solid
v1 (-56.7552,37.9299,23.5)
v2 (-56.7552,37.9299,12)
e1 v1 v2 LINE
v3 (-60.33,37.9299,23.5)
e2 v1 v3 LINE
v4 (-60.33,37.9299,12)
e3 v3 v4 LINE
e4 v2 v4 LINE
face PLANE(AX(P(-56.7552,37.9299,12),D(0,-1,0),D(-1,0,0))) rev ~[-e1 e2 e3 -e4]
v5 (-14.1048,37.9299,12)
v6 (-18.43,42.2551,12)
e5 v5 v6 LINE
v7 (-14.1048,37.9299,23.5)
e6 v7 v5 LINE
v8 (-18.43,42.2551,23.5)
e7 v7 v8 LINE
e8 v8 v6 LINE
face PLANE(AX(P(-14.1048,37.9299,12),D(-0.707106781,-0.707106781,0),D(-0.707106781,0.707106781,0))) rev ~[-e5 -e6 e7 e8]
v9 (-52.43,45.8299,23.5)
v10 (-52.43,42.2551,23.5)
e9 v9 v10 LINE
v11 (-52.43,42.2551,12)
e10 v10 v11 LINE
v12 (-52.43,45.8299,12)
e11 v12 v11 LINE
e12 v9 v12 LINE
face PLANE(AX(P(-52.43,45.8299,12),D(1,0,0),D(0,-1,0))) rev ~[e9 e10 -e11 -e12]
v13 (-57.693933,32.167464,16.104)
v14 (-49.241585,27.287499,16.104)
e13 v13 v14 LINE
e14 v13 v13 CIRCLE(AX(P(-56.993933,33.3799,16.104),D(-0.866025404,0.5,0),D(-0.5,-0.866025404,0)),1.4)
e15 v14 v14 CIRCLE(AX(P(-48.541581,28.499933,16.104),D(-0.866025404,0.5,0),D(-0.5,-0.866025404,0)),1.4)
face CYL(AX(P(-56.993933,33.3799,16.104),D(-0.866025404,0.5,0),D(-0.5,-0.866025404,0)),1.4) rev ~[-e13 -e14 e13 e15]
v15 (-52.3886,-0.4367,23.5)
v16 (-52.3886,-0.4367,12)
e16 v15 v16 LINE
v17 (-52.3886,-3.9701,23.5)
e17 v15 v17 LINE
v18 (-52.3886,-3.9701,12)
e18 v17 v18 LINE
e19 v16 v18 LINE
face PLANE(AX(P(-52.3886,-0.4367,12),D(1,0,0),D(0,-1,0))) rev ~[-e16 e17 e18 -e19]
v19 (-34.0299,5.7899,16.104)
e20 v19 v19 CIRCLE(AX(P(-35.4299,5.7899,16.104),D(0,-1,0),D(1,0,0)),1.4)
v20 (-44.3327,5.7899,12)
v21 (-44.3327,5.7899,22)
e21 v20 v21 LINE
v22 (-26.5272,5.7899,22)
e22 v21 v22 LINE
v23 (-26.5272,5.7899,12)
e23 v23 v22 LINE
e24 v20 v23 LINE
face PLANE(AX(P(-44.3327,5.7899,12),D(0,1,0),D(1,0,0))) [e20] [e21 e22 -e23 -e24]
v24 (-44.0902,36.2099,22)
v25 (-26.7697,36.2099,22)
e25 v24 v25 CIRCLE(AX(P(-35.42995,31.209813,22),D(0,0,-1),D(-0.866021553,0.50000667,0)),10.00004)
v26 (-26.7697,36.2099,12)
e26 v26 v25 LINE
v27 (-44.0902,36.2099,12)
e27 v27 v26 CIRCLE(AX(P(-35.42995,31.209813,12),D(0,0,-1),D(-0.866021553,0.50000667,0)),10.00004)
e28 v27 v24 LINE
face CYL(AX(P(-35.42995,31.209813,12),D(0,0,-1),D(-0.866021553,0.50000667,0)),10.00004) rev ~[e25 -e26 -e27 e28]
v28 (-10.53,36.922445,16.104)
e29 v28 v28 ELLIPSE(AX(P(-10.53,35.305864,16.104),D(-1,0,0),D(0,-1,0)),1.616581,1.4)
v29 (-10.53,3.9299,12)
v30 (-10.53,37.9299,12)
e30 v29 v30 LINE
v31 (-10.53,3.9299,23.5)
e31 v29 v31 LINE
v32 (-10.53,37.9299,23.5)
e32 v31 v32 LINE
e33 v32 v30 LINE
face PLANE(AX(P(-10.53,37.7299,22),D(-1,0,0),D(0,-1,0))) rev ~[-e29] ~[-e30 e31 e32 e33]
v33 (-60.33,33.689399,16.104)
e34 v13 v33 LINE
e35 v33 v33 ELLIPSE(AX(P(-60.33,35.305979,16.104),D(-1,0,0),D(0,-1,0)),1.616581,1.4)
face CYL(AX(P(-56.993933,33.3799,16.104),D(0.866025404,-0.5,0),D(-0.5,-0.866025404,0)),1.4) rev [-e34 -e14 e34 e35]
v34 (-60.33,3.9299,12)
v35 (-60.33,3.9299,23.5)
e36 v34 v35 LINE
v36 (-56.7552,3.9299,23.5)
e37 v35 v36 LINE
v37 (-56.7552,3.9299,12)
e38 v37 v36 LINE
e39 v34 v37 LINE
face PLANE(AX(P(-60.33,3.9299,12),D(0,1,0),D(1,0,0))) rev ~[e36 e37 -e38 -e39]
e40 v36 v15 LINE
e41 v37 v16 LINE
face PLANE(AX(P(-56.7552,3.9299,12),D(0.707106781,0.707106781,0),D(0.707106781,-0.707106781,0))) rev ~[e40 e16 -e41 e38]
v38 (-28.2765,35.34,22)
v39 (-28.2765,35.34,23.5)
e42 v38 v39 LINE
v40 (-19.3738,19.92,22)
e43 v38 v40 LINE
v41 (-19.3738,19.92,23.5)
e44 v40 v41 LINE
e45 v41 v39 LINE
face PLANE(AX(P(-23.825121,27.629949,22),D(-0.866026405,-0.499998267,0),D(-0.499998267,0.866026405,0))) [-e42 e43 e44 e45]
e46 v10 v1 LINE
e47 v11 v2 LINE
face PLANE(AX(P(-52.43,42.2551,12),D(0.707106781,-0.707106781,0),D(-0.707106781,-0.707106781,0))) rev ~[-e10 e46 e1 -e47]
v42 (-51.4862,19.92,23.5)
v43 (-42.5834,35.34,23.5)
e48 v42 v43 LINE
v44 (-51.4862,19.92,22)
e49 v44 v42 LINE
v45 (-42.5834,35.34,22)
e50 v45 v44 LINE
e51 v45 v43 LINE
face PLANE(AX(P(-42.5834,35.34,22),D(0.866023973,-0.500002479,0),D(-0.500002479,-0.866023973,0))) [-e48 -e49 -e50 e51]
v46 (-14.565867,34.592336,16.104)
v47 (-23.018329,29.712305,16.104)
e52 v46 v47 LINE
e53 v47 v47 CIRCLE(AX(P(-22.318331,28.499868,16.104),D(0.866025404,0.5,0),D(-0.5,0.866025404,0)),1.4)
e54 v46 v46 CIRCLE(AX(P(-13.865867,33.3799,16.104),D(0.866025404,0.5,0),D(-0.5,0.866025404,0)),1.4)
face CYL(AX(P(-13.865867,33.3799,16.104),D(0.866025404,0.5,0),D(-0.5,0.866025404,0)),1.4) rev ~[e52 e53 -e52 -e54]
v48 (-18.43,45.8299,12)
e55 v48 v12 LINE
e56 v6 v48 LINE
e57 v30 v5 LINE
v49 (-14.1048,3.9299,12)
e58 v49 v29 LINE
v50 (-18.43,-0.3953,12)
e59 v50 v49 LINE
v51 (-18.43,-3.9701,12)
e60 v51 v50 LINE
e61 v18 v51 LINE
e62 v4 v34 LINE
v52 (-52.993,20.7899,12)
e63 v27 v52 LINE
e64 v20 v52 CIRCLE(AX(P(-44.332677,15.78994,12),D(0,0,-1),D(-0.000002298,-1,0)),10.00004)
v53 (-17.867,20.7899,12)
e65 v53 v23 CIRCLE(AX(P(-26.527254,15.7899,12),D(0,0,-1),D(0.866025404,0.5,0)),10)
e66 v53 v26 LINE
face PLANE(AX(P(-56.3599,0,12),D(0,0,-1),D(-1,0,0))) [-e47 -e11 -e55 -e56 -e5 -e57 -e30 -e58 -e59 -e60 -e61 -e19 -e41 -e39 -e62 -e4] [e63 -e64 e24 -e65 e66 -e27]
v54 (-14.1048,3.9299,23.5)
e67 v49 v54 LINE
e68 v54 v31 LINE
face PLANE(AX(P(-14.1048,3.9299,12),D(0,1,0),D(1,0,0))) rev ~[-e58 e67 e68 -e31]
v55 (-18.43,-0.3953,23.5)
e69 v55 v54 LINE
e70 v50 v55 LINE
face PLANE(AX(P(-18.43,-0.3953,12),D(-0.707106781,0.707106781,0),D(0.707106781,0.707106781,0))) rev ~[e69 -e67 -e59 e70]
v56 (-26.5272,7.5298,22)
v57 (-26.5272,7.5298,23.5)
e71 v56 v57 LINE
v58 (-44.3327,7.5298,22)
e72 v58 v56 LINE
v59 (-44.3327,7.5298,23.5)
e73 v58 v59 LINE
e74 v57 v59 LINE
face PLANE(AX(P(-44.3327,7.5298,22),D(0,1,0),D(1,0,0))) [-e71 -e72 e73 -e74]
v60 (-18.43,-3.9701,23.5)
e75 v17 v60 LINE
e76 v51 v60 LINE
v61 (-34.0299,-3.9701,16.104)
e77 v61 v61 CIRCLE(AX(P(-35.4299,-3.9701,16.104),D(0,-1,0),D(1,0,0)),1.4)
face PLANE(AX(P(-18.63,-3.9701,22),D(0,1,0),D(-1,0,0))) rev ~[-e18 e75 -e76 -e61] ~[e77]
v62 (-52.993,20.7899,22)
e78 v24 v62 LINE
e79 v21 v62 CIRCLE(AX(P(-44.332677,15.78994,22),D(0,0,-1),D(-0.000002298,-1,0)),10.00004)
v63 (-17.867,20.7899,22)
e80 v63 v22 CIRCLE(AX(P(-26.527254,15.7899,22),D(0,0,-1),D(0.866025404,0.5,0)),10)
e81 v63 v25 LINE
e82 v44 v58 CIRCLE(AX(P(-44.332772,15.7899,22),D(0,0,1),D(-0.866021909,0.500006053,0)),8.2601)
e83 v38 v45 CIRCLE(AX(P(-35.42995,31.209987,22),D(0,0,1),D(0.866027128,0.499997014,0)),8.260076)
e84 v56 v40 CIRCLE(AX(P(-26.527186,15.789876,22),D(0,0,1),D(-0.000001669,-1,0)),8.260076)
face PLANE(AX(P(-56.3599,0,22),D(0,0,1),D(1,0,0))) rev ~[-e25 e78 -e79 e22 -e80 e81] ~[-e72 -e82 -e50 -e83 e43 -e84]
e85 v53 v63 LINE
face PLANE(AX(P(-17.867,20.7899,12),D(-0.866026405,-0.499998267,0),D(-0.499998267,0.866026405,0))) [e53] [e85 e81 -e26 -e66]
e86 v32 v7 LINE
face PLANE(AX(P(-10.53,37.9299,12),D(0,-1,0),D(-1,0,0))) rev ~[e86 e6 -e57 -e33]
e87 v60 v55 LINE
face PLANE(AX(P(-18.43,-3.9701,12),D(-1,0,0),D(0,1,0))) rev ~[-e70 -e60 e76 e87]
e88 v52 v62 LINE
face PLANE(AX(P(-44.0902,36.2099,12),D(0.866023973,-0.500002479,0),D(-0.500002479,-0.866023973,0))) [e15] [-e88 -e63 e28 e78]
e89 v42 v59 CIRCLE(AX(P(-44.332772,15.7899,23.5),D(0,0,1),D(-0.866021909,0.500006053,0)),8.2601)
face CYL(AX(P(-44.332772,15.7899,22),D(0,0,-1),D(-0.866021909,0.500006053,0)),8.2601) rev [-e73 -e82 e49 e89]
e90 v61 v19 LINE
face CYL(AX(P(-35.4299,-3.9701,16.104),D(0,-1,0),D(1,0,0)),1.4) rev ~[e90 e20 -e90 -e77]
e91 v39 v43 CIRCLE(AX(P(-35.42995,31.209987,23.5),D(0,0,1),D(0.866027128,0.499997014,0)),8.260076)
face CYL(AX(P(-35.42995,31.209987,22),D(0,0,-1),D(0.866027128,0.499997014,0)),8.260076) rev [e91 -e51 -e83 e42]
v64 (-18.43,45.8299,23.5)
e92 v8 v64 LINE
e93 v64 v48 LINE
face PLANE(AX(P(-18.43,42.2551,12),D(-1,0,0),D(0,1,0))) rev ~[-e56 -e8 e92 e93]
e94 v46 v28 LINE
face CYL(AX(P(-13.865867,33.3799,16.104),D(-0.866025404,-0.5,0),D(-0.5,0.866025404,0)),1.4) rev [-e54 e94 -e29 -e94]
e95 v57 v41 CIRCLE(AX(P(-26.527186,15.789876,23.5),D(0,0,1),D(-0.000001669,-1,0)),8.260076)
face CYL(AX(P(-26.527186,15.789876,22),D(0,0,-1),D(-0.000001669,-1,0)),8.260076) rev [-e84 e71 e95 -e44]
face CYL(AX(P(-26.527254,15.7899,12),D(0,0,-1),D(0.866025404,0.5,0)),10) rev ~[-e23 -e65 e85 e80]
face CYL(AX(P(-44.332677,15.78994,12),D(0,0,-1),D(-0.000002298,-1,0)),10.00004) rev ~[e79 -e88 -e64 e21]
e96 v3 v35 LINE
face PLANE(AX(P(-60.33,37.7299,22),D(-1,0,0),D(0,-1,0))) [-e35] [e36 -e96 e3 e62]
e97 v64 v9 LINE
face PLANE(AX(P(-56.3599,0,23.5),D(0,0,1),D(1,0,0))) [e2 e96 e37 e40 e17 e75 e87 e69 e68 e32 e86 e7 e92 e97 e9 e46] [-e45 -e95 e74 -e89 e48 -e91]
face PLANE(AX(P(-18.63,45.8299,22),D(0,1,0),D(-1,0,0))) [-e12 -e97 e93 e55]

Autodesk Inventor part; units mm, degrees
ref_plane "YZ Plane" through (0, 0, 0) normal (1, 0, 0) x (0, 1, 0)
ref_plane "XZ Plane" through (0, 0, 0) normal (0, 1, 0) x (-1, 0, 0)
ref_plane "Work Plane1" through (-56.3599, 0, 22) normal (0, 0, -1) x (-1, 0, 0)
sketch "Sketch1" plane through (-56.3599, 0, 22) normal (0, 0, -1) x (-1, 0, 0)
  line L0 (-4.0299, -0.3538) -> (-2.2322, 1.4439) construction
  arc A0 (-1.4439, 2.2322) -> (-2.2322, 1.4439) centre (-0.9299, 0.9299) ccw construction
  line L1 (-1.4439, 2.2322) -> (0.3538, 4.0299) construction
  line L2 (-37.8299, 42.8299) -> (-37.8299, 37.8299) construction
  line L3 (-37.8299, 37.8299) -> (-42.9208, 37.8299) construction
  line L4 (-37.8299, 42.2137) -> (-37.8299, 45.8299) construction
  line L5 (-37.8299, 45.8299) -> (-4.0299, 45.8299) construction
  line L6 (-4.0299, 45.8299) -> (-4.0299, 42.2137) construction
  line L7 (-4.0299, 4.0299) -> (0.3538, 4.0299) projected
  circle A1 centre (-20.9299, 20.9299) radius 17.5 projected
  line L8 (-20.9299, 58.9723) -> (17.1124, 20.9299) construction
  line L9 (17.1124, 20.9299) -> (-20.9299, -17.1124) construction
  line L10 (-20.9299, -17.1124) -> (-58.9723, 20.9299) construction
  line L11 (-58.9723, 20.9299) -> (-20.9299, 58.9723) construction
  line L12 (-20.9299, 58.9723) -> (-20.9299, -17.1124) construction
  line L13 (17.1124, 20.9299) -> (-58.9723, 20.9299) construction
  line L14 (-20.9299, 58.9723) -> (32.8701, 58.9723) construction
  line L15 (-43.4299, 43.4299) -> (1.5701, 43.4299) construction
  line L16 (1.5701, 43.4299) -> (1.5701, -1.5701) construction
  line L17 (1.5701, -1.5701) -> (-43.4299, -1.5701) construction
  line L18 (-43.4299, -1.5701) -> (-43.4299, 43.4299) construction
  line L19 (-43.4299, 43.4299) -> (1.5701, -1.5701) construction
  line L20 (1.5701, 43.4299) -> (-43.4299, -1.5701) construction
  line L21 (-43.4299, 5.3876) -> (-43.4299, 36.4723)
  line L22 (-43.4299, 36.4723) -> (-36.4723, 43.4299)
  line L23 (-36.4723, 43.4299) -> (-5.3876, 43.4299)
  line L24 (-5.3876, 43.4299) -> (1.5701, 36.4723)
  line L25 (1.5701, 36.4723) -> (1.5701, 5.3876)
  line L26 (1.5701, 5.3876) -> (-5.3876, -1.5701)
  line L27 (-5.3876, -1.5701) -> (-36.4723, -1.5701)
  line L28 (-36.4723, -1.5701) -> (-43.4299, 5.3876)
  line L29 (-4.0299, 42.2137) -> (-37.8299, 42.2137) projected
  line L30 (-4.0299, -0.3538) -> (-4.0299, 4.0299) projected
  circle A2 centre (-20.9299, 20.9299) radius 1.5
  line L31 (-10.9299, 10.9299) -> (-30.9299, 10.9299) construction
  line L32 (-30.9299, 10.9299) -> (-30.9299, 30.9299) construction
  line L33 (-30.9299, 30.9299) -> (-10.9299, 30.9299) construction
  line L34 (-10.9299, 30.9299) -> (-10.9299, 10.9299) construction
  line L35 (-10.9299, 10.9299) -> (-30.9299, 30.9299) construction
  line L36 (-30.9299, 10.9299) -> (-10.9299, 30.9299) construction
  circle A3 centre (-30.9299, 30.9299) radius 1.4
  circle A4 centre (-30.9299, 10.9299) radius 1.4
  circle A5 centre (-10.9299, 10.9299) radius 1.4
  line L37 (-45.8299, 37.8299) -> (-42.0723, 37.8299) construction
  line L38 (-42.1723, 37.7299) -> (-45.8299, 37.7299)
  line L39 (-45.8299, 37.7299) -> (-45.8299, 4.1299)
  line L40 (-45.8299, 4.1299) -> (-42.1723, 4.1299)
  line L41 (-42.1723, 4.1299) -> (-42.1723, 37.7299)
  line L42 (-45.8299, 4.0299) -> (-42.0723, 4.0299) construction
  line L43 (-45.8299, 37.8299) -> (-42.0723, 37.8299) projected
  line L44 (-37.7299, 45.8299) -> (-4.1299, 45.8299)
  line L45 (-4.1299, 45.8299) -> (-4.1299, 42.1723)
  line L46 (-4.1299, 42.1723) -> (-37.7299, 42.1723)
  line L47 (-37.7299, 42.1723) -> (-37.7299, 45.8299)
  line L48 (0.4701, 37.8299) -> (0.4701, 4.0299) construction
  line L49 (0.4701, 4.0299) -> (3.9701, 4.0299) construction
  line L50 (3.9701, 37.8299) -> (3.9701, 4.0299) construction
  line L51 (0.4701, 37.8299) -> (3.9701, 37.8299) construction
  line L52 (-45.8299, -3.9701) -> (-4.0299, -3.9701) construction
  line L53 (0.3124, 37.7299) -> (3.9701, 37.7299)
  line L54 (3.9701, 37.7299) -> (3.9701, 4.1299)
  line L55 (3.9701, 4.1299) -> (0.3124, 4.1299)
  line L56 (0.3124, 4.1299) -> (0.3124, 37.7299)
  line L57 (-4.1713, -0.3538) -> (-37.7299, -0.3538)
  line L58 (-37.7299, -0.3538) -> (-37.7299, -3.9701)
  line L59 (-37.7299, -3.9701) -> (-4.1713, -3.9701)
  line L60 (-4.1713, -3.9701) -> (-4.1713, -0.3538)
  point P0 (-37.8299, 4.0299)
  dimension "d18" = 53.8
  dimension "d19" = 45
  dimension "d20" = 53.8
  dimension "d21" = 45
  dimension "d22" = 45
  dimension "d30" = 20
  dimension "d31" = 20
  dimension "d32" = 2.8
  dimension "d33" = 2.8
  dimension "d34" = 2.8
  dimension "d35" = 3
  dimension "d36" = 0.1
  dimension "d37" = 0.1
  dimension "d38" = 0.1
  dimension "d39" = 0.1
extrude "Extrusion1" add sketch "Sketch1" along normal blind 10 contours L30 L26 L57 L28 L41 L22 L46 L24 L56 L7 | L7 L26 L30 | L56 L24 L25 L26 | L26 L25 L24 L53 L54 L55 | L60 L59 L58 L57 L28 L27 L26 | L26 L27 L28 L57 | L46 L22 L29 L24 | L24 L29 L45 | L40 L39 L38 L22 L21 L28 | L28 L21 L22 L41 | L29 L22 L23 L24 | L24 L23 L22 L29 L47 L44 L45 | L47 L29 L22 | A1 | A2 | A3 | A4 | A5
sketch "Skizze4" plane through (-56.3599, 0, 12) normal (0, 0, -1) x (-1, 0, 0)
  line L0 (-37.7299, 42.1723) -> (-42.1723, 37.7299) projected
  line L1 (-42.1723, 37.7299) -> (-45.8299, 37.7299) projected
  line L2 (-45.8299, 37.7299) -> (-45.8299, 4.1299) construction
  line L3 (-45.8299, 4.1299) -> (-42.1723, 4.1299) projected
  line L4 (-42.1723, 4.1299) -> (-37.6885, -0.3538) projected
  line L5 (-37.6885, -0.3538) -> (-37.7299, -0.3538) projected
  line L6 (-37.7299, -0.3538) -> (-37.7299, -3.9701) projected
  line L7 (-37.7299, -3.9701) -> (-4.1713, -3.9701) construction
  line L8 (-4.1713, -3.9701) -> (-4.1713, -0.3538) projected
  line L9 (-4.1713, -0.3538) -> (0.3124, 4.1299) projected
  line L10 (0.3124, 4.1299) -> (3.9701, 4.1299) projected
  line L11 (3.9701, 4.1299) -> (3.9701, 37.7299) construction
  line L12 (3.9701, 37.7299) -> (0.3124, 37.7299) projected
  line L13 (0.3124, 37.7299) -> (-4.1299, 42.1723) projected
  line L14 (-4.1299, 42.1723) -> (-4.1299, 45.8299) projected
  line L15 (-4.1299, 45.8299) -> (-37.7299, 45.8299) construction
  line L16 (-37.7299, 45.8299) -> (-37.7299, 42.1723) projected
  line L17 (-37.9299, 46.0299) -> (-3.9299, 46.0299) construction
  line L18 (-3.9299, 46.0299) -> (-3.9299, 42.2551)
  line L19 (-3.9299, 42.2551) -> (0.3953, 37.9299)
  line L20 (0.3953, 37.9299) -> (4.1701, 37.9299)
  line L21 (4.1701, 37.9299) -> (4.1701, 3.9299) construction
  line L22 (4.1701, 3.9299) -> (0.3953, 3.9299)
  line L23 (0.3953, 3.9299) -> (-3.9713, -0.4367)
  line L24 (-3.9713, -0.4367) -> (-3.9713, -4.1701)
  line L25 (-3.9713, -4.1701) -> (-37.9299, -4.1701) construction
  line L26 (-37.9299, -4.1701) -> (-37.9299, -0.3953)
  line L27 (-37.9299, -0.3953) -> (-42.2551, 3.9299)
  line L28 (-42.2551, 3.9299) -> (-46.0299, 3.9299)
  line L29 (-46.0299, 3.9299) -> (-46.0299, 37.9299) construction
  line L30 (-46.0299, 37.9299) -> (-42.2551, 37.9299)
  line L31 (-42.2551, 37.9299) -> (-37.9299, 42.2551)
  line L32 (-37.9299, 42.2551) -> (-37.9299, 46.0299)
  line L33 (-45.8299, 37.7299) -> (-45.8299, 37.9299)
  line L34 (-4.1299, 45.8299) -> (-37.7299, 45.8299) projected
  line L35 (-37.7299, 45.8299) -> (-37.9299, 45.8299)
  line L36 (-4.1299, 45.8299) -> (-3.9299, 45.8299)
  line L37 (3.9701, 37.7299) -> (3.9701, 37.9299)
  line L38 (3.9701, 4.1299) -> (3.9701, 37.7299) projected
  line L39 (3.9701, 4.1299) -> (3.9701, 3.9299)
  line L40 (-4.1713, -3.9701) -> (-3.9713, -3.9701)
  line L41 (-37.7299, -3.9701) -> (-37.9299, -3.9701)
  line L42 (-45.8299, 4.1299) -> (-45.8299, 3.9299)
  point P0 (-56.3599, 0)
  dimension "d40" = 0.2
extrude "IM_offset" add sketch "Skizze4" against normal up to surface (10 mm away)
ref_plane "Arbeitsebene5" through (-35.4299, 3.9299, 22) normal (-1, 0, 0) x (0, 0, 1)
ref_plane "Arbeitsebene6" through (-18.4299, 20.9299, 22) normal (0, 1, 0) x (-1, 0, 0)
sketch "Sketch33" plane through (-56.3599, 0, 12) normal (0, 0, -1) x (-1, 0, 0)
  circle A0 centre (-20.9299, 20.9299) radius 15.24 construction
  circle A1 centre (-20.9299, 20.9299) radius 15.14 construction
  line L0 (-12.0272, 5.7899) -> (-29.8327, 5.7899)
  line L1 (-38.4929, 20.7899) -> (-29.5902, 36.2099)
  line L2 (-12.2697, 36.2099) -> (-3.3669, 20.7899)
  line L3 (-42.2551, 3.9299) -> (-45.8299, 3.9299) projected
  arc A2 (-12.0272, 5.7899) -> (-3.3669, 20.7899) centre (-12.0272, 15.7899) ccw
  arc A3 (-38.4929, 20.7899) -> (-29.8327, 5.7899) centre (-29.8327, 15.7899) ccw
  arc A4 (-12.2697, 36.2099) -> (-29.5902, 36.2099) centre (-20.9299, 31.2099) ccw
  point P0 (-56.3599, 0)
  point P1 (5.2933, 5.7899)
  point P2 (-47.1532, 5.7899)
  point P3 (-20.9299, 51.2099)
  dimension "d184" = 0.1
  dimension "d185" = 0
  dimension "d186" = 10
extrude "Extrusion27" cut sketch "Sketch33" against normal blind 10
sketch "Sketch34" plane through (-56.3599, 0, 22) normal (0, 0, 1) x (1, 0, 0)
  arc A0 (29.8327, 5.7899) -> (38.4929, 20.7899) centre (29.8327, 15.7899) ccw projected
  line L0 (29.8327, 5.7899) -> (12.0272, 5.7899) projected
  arc A1 (3.3669, 20.7899) -> (12.0272, 5.7899) centre (12.0272, 15.7899) ccw projected
  line L1 (3.3669, 20.7899) -> (12.2697, 36.2099) projected
  arc A2 (29.5902, 36.2099) -> (12.2697, 36.2099) centre (20.9299, 31.2099) ccw projected
  line L2 (29.5902, 36.2099) -> (38.4929, 20.7899) projected
  line L3 (3.9713, -3.9701) -> (37.9299, -3.9701) projected
  line L4 (37.9299, -3.9701) -> (37.9299, -0.3953) projected
  line L5 (37.9299, -0.3953) -> (42.2551, 3.9299) projected
  line L6 (42.2551, 3.9299) -> (45.8299, 3.9299) projected
  line L7 (45.8299, 3.9299) -> (45.8299, 37.9299) projected
  line L8 (45.8299, 37.9299) -> (42.2551, 37.9299) projected
  line L9 (42.2551, 37.9299) -> (37.9299, 42.2551) projected
  line L10 (37.9299, 42.2551) -> (37.9299, 45.8299) projected
  line L11 (37.9299, 45.8299) -> (3.9299, 45.8299) projected
  line L12 (3.9299, 45.8299) -> (3.9299, 42.2551) projected
  line L13 (3.9299, 42.2551) -> (-0.3953, 37.9299) projected
  line L14 (-0.3953, 37.9299) -> (-3.9701, 37.9299) projected
  line L15 (-3.9701, 37.9299) -> (-3.9701, 3.9299) projected
  line L16 (-3.9701, 3.9299) -> (-0.3953, 3.9299) projected
  line L17 (-0.3953, 3.9299) -> (3.9713, -0.4367) projected
  line L18 (3.9713, -0.4367) -> (3.9713, -3.9701) projected
  circle A3 centre (20.9299, 20.9299) radius 13.5001 construction
  circle A4 centre (20.9299, 20.9299) radius 13.4001
  line L19 (12.0272, 7.5298) -> (29.8327, 7.5298)
  arc A5 (29.8327, 7.5298) -> (36.9861, 19.92) centre (29.8327, 15.7899) ccw
  line L20 (36.9861, 19.92) -> (28.0834, 35.34)
  arc A6 (28.0834, 35.34) -> (13.7765, 35.34) centre (20.9299, 31.2099) ccw
  line L21 (13.7765, 35.34) -> (4.8737, 19.92)
  arc A7 (4.8737, 19.92) -> (12.0272, 7.5298) centre (12.0272, 15.7899) ccw
  point P0 (56.3599, 0)
  dimension "d189" = 0.1
extrude "Extrusion28" add sketch "Sketch34" along normal blind 1.5 contours L0 A1 L1 A2 L2 A0 | L18 L17 L16 L15 L14 L13 L12 L11 L10 L9 L8 L7 L6 L5 L4 L3
sketch "Sketch35" plane through (-52.3885, -3.9701, 12) normal (0, -1, 0) x (1, 0, 0)
  line L0 (0, 0) -> (0, 11.5) projected
  line L1 (0, 0) -> (33.9586, 0) projected
  line L2 (33.9586, 0) -> (33.9586, 11.5) projected
  line L3 (0, 11.5) -> (33.9586, 11.5) projected
  circle A0 centre (16.9586, 4.104) radius 1.4
  point P0 (52.3885, -12)
  dimension "d192" = 2.8
extrude "Extrusion29" cut sketch "Sketch35" along normal mid plane 30 contours A0
pattern_circular "Circular Pattern2" count 3 over 360 about axis through (-35.4299, 20.9299, 22) along (0, 0, 1) of "Extrusion29"
properties part number "20_Cube_Insert_Filter_25mm"
